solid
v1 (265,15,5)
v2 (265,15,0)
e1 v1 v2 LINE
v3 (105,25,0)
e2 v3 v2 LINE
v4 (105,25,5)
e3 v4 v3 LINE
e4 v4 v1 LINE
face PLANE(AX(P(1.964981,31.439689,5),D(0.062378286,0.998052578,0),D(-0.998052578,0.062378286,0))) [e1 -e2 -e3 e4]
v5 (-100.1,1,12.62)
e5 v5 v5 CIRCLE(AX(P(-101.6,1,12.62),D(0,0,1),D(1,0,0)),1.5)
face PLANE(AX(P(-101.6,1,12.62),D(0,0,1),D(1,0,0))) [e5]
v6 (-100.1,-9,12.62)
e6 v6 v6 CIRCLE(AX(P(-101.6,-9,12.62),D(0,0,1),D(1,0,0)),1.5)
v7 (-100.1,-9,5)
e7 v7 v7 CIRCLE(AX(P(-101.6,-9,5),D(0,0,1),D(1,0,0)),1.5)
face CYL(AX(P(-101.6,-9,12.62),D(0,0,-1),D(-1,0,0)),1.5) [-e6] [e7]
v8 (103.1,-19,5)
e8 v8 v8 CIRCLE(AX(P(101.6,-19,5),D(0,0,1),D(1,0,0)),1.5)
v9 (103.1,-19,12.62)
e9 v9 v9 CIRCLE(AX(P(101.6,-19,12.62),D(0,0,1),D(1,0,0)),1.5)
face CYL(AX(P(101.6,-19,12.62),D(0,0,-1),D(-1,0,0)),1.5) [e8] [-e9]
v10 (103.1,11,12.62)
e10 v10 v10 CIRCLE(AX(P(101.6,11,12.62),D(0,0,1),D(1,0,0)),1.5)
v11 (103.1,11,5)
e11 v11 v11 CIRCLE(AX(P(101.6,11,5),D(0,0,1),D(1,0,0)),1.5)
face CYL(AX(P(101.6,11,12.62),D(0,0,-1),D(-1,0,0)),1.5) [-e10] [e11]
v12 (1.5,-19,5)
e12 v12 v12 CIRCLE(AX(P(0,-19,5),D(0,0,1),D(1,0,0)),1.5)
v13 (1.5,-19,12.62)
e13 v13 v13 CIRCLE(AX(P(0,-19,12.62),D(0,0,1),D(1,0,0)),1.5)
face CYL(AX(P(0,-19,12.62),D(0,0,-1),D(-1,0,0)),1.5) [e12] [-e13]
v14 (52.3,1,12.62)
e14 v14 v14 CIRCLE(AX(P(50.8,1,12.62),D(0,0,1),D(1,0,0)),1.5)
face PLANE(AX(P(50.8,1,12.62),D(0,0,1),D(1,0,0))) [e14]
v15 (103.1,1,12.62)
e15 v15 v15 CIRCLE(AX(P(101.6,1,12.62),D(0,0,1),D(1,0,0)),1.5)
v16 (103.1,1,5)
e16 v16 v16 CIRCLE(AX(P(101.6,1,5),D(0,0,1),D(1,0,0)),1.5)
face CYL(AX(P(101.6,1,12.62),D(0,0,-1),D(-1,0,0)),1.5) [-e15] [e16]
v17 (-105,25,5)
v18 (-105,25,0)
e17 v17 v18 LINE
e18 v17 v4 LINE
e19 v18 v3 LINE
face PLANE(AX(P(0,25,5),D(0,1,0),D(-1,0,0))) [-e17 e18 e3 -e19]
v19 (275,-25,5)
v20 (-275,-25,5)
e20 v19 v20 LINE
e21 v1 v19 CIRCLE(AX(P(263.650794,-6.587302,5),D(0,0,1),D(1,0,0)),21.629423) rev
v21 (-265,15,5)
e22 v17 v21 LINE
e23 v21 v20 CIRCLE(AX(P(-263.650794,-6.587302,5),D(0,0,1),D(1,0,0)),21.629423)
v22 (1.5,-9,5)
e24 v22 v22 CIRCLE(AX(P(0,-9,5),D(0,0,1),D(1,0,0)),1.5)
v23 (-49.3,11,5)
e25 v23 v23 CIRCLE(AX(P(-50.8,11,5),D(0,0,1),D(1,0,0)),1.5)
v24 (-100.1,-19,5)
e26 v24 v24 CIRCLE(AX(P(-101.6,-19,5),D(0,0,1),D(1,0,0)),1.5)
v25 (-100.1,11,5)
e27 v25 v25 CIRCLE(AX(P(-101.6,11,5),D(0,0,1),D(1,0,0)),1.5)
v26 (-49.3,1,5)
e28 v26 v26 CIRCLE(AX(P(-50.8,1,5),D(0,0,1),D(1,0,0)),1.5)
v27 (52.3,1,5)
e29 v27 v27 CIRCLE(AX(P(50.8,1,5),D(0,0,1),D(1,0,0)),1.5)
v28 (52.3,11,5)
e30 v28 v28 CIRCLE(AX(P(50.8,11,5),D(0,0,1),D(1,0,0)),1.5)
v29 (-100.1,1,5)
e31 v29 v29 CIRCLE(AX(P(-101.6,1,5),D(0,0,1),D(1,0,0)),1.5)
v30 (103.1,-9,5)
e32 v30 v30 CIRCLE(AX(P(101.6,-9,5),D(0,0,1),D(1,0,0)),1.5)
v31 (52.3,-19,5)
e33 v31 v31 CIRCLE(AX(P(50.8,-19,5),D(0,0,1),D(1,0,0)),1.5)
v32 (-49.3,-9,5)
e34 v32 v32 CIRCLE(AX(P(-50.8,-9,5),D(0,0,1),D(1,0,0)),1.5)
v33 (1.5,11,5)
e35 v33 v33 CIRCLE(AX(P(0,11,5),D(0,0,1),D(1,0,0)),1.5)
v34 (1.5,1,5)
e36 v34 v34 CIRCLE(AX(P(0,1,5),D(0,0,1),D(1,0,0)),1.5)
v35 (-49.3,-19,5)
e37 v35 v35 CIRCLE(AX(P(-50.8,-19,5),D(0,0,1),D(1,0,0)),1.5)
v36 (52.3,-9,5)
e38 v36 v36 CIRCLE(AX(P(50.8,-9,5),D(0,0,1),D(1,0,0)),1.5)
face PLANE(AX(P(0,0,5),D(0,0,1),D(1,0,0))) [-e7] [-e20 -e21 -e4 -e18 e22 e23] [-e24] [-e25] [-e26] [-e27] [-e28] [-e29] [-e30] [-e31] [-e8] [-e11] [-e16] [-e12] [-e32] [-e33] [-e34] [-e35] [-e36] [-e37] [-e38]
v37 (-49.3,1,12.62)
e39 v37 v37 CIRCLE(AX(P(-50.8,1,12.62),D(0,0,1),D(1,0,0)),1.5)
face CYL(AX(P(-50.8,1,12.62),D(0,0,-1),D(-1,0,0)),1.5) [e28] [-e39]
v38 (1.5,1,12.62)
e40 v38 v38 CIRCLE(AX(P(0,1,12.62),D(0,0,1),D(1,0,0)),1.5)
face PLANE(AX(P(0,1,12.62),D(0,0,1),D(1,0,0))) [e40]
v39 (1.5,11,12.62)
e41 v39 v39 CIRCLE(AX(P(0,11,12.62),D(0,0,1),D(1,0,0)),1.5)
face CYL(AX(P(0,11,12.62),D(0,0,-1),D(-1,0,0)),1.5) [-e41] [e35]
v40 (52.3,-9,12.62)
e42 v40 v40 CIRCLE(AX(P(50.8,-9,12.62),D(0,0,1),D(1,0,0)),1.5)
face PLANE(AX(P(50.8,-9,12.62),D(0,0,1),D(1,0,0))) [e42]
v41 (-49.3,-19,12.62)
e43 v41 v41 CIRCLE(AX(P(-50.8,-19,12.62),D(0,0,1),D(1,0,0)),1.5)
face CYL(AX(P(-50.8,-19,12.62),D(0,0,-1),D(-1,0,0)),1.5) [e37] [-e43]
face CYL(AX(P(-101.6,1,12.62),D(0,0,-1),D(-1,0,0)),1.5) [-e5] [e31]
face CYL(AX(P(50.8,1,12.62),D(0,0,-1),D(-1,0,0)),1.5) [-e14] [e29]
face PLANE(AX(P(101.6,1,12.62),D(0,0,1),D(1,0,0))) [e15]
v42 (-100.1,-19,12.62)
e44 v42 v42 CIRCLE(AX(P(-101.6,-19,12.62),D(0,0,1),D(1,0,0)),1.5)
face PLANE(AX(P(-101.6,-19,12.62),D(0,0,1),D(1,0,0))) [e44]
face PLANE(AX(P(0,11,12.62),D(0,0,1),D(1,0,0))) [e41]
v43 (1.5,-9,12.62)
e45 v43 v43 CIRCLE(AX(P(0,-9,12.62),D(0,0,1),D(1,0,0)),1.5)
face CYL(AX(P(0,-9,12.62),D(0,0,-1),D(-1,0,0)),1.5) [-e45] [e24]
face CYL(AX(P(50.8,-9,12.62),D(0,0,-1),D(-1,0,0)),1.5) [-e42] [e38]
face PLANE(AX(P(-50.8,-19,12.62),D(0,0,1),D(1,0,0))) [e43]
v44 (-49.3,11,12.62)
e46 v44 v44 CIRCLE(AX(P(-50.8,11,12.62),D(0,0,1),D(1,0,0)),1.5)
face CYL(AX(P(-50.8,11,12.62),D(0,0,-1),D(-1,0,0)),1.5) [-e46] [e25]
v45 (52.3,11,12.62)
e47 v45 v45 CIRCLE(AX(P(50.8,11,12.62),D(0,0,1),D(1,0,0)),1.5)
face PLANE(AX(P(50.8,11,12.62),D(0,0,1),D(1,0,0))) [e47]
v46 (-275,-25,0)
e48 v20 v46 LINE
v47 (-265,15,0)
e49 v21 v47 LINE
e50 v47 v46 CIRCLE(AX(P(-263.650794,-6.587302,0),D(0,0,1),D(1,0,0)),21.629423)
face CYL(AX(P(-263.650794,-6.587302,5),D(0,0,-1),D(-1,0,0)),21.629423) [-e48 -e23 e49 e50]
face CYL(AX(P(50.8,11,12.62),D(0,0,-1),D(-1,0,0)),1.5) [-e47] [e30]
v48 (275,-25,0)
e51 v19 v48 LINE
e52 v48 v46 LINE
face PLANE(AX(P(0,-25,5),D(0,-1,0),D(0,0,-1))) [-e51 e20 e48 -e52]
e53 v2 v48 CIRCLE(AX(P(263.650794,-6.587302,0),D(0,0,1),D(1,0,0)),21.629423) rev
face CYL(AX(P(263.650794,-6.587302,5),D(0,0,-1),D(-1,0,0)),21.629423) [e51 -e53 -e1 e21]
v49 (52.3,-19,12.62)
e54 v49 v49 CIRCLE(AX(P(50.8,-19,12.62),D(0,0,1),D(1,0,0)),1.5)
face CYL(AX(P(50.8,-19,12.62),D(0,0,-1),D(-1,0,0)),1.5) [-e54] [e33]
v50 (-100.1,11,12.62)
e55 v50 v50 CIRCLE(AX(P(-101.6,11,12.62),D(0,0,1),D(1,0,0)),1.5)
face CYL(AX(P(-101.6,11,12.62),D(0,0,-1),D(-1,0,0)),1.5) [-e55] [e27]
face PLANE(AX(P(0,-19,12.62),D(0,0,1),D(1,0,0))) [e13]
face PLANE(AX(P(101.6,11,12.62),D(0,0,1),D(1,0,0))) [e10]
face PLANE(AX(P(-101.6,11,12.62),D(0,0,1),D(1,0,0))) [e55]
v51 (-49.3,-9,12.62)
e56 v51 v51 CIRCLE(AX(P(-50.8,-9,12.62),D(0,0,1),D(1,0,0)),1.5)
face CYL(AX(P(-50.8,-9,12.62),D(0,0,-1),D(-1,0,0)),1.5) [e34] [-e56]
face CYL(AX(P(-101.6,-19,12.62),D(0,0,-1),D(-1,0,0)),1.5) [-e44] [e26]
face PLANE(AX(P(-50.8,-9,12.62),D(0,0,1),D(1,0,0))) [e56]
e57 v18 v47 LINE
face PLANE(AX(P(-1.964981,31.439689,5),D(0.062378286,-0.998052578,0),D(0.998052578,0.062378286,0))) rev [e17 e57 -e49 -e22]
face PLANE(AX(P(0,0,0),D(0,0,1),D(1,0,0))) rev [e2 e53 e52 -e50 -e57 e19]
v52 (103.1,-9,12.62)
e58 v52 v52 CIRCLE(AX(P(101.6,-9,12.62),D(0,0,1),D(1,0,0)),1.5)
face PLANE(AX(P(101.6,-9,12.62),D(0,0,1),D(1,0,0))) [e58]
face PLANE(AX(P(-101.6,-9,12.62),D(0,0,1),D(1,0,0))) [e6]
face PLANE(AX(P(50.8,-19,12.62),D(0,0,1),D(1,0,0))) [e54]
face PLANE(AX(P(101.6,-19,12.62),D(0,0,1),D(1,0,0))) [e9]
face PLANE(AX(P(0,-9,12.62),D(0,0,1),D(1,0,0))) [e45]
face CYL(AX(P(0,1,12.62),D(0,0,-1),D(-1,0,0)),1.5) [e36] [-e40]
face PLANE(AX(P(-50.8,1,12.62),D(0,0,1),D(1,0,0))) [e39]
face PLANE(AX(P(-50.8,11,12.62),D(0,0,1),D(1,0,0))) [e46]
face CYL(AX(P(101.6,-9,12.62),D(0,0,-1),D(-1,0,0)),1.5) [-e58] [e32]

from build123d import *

# Parameters (mm, degrees)
SKETCH3_W           = 210
SKETCH3_H           = 50
BOSS_EXTRUDE1_DEPTH = 5
SKETCH8_R           = 1.5
BOSS_EXTRUDE2_DEPTH = 7.62


with BuildPart() as part:
    # Sketch3 → Boss-Extrude1 (new body)
    with BuildSketch(Plane.XY):
        Polygon((-265, -25), (-105, -25), (-105, 25), (-265, 15), align=None)
        with BuildLine():
            Line((-275, -25), (-265, -25))
            Line((-265, -25), (-265, 15))
            ThreePointArc((-265, 15), (-284.634416342, -1.341395914), (-275, -25))
        make_face()
        Rectangle(SKETCH3_W, SKETCH3_H)
        Polygon((105, 25), (105, -25), (265, -25), (265, 15), align=None)
        with BuildLine():
            Line((265, 15), (265, -25))
            Line((265, -25), (275, -25))
            ThreePointArc((275, -25), (284.634416342, -1.341395914), (265, 15))
        make_face()
    extrude(amount=BOSS_EXTRUDE1_DEPTH)

    # Sketch8 → Boss-Extrude2 (add)
    with BuildSketch(Plane.XY.offset(5)):
        with Locations((0, 11)):
            Circle(SKETCH8_R)
        with Locations((0, 1)):
            Circle(SKETCH8_R)
        with Locations((0, -9)):
            Circle(SKETCH8_R)
        with Locations((0, -19)):
            Circle(SKETCH8_R)
        with Locations((50.8, 11)):
            Circle(SKETCH8_R)
        with Locations((50.8, -9)):
            Circle(SKETCH8_R)
        with Locations((50.8, 1)):
            Circle(SKETCH8_R)
        with Locations((50.8, -19)):
            Circle(SKETCH8_R)
        with Locations((101.6, 11)):
            Circle(SKETCH8_R)
        with Locations((101.6, -9)):
            Circle(SKETCH8_R)
        with Locations((101.6, 1)):
            Circle(SKETCH8_R)
        with Locations((101.6, -19)):
            Circle(SKETCH8_R)
        with Locations((-50.8, 11)):
            Circle(SKETCH8_R)
        with Locations((-50.8, 1)):
            Circle(SKETCH8_R)
        with Locations((-50.8, -9)):
            Circle(SKETCH8_R)
        with Locations((-50.8, -19)):
            Circle(SKETCH8_R)
        with Locations((-101.6, 11)):
            Circle(SKETCH8_R)
        with Locations((-101.6, 1)):
            Circle(SKETCH8_R)
        with Locations((-101.6, -9)):
            Circle(SKETCH8_R)
        with Locations((-101.6, -19)):
            Circle(SKETCH8_R)
    extrude(amount=BOSS_EXTRUDE2_DEPTH)


solid = part.part
